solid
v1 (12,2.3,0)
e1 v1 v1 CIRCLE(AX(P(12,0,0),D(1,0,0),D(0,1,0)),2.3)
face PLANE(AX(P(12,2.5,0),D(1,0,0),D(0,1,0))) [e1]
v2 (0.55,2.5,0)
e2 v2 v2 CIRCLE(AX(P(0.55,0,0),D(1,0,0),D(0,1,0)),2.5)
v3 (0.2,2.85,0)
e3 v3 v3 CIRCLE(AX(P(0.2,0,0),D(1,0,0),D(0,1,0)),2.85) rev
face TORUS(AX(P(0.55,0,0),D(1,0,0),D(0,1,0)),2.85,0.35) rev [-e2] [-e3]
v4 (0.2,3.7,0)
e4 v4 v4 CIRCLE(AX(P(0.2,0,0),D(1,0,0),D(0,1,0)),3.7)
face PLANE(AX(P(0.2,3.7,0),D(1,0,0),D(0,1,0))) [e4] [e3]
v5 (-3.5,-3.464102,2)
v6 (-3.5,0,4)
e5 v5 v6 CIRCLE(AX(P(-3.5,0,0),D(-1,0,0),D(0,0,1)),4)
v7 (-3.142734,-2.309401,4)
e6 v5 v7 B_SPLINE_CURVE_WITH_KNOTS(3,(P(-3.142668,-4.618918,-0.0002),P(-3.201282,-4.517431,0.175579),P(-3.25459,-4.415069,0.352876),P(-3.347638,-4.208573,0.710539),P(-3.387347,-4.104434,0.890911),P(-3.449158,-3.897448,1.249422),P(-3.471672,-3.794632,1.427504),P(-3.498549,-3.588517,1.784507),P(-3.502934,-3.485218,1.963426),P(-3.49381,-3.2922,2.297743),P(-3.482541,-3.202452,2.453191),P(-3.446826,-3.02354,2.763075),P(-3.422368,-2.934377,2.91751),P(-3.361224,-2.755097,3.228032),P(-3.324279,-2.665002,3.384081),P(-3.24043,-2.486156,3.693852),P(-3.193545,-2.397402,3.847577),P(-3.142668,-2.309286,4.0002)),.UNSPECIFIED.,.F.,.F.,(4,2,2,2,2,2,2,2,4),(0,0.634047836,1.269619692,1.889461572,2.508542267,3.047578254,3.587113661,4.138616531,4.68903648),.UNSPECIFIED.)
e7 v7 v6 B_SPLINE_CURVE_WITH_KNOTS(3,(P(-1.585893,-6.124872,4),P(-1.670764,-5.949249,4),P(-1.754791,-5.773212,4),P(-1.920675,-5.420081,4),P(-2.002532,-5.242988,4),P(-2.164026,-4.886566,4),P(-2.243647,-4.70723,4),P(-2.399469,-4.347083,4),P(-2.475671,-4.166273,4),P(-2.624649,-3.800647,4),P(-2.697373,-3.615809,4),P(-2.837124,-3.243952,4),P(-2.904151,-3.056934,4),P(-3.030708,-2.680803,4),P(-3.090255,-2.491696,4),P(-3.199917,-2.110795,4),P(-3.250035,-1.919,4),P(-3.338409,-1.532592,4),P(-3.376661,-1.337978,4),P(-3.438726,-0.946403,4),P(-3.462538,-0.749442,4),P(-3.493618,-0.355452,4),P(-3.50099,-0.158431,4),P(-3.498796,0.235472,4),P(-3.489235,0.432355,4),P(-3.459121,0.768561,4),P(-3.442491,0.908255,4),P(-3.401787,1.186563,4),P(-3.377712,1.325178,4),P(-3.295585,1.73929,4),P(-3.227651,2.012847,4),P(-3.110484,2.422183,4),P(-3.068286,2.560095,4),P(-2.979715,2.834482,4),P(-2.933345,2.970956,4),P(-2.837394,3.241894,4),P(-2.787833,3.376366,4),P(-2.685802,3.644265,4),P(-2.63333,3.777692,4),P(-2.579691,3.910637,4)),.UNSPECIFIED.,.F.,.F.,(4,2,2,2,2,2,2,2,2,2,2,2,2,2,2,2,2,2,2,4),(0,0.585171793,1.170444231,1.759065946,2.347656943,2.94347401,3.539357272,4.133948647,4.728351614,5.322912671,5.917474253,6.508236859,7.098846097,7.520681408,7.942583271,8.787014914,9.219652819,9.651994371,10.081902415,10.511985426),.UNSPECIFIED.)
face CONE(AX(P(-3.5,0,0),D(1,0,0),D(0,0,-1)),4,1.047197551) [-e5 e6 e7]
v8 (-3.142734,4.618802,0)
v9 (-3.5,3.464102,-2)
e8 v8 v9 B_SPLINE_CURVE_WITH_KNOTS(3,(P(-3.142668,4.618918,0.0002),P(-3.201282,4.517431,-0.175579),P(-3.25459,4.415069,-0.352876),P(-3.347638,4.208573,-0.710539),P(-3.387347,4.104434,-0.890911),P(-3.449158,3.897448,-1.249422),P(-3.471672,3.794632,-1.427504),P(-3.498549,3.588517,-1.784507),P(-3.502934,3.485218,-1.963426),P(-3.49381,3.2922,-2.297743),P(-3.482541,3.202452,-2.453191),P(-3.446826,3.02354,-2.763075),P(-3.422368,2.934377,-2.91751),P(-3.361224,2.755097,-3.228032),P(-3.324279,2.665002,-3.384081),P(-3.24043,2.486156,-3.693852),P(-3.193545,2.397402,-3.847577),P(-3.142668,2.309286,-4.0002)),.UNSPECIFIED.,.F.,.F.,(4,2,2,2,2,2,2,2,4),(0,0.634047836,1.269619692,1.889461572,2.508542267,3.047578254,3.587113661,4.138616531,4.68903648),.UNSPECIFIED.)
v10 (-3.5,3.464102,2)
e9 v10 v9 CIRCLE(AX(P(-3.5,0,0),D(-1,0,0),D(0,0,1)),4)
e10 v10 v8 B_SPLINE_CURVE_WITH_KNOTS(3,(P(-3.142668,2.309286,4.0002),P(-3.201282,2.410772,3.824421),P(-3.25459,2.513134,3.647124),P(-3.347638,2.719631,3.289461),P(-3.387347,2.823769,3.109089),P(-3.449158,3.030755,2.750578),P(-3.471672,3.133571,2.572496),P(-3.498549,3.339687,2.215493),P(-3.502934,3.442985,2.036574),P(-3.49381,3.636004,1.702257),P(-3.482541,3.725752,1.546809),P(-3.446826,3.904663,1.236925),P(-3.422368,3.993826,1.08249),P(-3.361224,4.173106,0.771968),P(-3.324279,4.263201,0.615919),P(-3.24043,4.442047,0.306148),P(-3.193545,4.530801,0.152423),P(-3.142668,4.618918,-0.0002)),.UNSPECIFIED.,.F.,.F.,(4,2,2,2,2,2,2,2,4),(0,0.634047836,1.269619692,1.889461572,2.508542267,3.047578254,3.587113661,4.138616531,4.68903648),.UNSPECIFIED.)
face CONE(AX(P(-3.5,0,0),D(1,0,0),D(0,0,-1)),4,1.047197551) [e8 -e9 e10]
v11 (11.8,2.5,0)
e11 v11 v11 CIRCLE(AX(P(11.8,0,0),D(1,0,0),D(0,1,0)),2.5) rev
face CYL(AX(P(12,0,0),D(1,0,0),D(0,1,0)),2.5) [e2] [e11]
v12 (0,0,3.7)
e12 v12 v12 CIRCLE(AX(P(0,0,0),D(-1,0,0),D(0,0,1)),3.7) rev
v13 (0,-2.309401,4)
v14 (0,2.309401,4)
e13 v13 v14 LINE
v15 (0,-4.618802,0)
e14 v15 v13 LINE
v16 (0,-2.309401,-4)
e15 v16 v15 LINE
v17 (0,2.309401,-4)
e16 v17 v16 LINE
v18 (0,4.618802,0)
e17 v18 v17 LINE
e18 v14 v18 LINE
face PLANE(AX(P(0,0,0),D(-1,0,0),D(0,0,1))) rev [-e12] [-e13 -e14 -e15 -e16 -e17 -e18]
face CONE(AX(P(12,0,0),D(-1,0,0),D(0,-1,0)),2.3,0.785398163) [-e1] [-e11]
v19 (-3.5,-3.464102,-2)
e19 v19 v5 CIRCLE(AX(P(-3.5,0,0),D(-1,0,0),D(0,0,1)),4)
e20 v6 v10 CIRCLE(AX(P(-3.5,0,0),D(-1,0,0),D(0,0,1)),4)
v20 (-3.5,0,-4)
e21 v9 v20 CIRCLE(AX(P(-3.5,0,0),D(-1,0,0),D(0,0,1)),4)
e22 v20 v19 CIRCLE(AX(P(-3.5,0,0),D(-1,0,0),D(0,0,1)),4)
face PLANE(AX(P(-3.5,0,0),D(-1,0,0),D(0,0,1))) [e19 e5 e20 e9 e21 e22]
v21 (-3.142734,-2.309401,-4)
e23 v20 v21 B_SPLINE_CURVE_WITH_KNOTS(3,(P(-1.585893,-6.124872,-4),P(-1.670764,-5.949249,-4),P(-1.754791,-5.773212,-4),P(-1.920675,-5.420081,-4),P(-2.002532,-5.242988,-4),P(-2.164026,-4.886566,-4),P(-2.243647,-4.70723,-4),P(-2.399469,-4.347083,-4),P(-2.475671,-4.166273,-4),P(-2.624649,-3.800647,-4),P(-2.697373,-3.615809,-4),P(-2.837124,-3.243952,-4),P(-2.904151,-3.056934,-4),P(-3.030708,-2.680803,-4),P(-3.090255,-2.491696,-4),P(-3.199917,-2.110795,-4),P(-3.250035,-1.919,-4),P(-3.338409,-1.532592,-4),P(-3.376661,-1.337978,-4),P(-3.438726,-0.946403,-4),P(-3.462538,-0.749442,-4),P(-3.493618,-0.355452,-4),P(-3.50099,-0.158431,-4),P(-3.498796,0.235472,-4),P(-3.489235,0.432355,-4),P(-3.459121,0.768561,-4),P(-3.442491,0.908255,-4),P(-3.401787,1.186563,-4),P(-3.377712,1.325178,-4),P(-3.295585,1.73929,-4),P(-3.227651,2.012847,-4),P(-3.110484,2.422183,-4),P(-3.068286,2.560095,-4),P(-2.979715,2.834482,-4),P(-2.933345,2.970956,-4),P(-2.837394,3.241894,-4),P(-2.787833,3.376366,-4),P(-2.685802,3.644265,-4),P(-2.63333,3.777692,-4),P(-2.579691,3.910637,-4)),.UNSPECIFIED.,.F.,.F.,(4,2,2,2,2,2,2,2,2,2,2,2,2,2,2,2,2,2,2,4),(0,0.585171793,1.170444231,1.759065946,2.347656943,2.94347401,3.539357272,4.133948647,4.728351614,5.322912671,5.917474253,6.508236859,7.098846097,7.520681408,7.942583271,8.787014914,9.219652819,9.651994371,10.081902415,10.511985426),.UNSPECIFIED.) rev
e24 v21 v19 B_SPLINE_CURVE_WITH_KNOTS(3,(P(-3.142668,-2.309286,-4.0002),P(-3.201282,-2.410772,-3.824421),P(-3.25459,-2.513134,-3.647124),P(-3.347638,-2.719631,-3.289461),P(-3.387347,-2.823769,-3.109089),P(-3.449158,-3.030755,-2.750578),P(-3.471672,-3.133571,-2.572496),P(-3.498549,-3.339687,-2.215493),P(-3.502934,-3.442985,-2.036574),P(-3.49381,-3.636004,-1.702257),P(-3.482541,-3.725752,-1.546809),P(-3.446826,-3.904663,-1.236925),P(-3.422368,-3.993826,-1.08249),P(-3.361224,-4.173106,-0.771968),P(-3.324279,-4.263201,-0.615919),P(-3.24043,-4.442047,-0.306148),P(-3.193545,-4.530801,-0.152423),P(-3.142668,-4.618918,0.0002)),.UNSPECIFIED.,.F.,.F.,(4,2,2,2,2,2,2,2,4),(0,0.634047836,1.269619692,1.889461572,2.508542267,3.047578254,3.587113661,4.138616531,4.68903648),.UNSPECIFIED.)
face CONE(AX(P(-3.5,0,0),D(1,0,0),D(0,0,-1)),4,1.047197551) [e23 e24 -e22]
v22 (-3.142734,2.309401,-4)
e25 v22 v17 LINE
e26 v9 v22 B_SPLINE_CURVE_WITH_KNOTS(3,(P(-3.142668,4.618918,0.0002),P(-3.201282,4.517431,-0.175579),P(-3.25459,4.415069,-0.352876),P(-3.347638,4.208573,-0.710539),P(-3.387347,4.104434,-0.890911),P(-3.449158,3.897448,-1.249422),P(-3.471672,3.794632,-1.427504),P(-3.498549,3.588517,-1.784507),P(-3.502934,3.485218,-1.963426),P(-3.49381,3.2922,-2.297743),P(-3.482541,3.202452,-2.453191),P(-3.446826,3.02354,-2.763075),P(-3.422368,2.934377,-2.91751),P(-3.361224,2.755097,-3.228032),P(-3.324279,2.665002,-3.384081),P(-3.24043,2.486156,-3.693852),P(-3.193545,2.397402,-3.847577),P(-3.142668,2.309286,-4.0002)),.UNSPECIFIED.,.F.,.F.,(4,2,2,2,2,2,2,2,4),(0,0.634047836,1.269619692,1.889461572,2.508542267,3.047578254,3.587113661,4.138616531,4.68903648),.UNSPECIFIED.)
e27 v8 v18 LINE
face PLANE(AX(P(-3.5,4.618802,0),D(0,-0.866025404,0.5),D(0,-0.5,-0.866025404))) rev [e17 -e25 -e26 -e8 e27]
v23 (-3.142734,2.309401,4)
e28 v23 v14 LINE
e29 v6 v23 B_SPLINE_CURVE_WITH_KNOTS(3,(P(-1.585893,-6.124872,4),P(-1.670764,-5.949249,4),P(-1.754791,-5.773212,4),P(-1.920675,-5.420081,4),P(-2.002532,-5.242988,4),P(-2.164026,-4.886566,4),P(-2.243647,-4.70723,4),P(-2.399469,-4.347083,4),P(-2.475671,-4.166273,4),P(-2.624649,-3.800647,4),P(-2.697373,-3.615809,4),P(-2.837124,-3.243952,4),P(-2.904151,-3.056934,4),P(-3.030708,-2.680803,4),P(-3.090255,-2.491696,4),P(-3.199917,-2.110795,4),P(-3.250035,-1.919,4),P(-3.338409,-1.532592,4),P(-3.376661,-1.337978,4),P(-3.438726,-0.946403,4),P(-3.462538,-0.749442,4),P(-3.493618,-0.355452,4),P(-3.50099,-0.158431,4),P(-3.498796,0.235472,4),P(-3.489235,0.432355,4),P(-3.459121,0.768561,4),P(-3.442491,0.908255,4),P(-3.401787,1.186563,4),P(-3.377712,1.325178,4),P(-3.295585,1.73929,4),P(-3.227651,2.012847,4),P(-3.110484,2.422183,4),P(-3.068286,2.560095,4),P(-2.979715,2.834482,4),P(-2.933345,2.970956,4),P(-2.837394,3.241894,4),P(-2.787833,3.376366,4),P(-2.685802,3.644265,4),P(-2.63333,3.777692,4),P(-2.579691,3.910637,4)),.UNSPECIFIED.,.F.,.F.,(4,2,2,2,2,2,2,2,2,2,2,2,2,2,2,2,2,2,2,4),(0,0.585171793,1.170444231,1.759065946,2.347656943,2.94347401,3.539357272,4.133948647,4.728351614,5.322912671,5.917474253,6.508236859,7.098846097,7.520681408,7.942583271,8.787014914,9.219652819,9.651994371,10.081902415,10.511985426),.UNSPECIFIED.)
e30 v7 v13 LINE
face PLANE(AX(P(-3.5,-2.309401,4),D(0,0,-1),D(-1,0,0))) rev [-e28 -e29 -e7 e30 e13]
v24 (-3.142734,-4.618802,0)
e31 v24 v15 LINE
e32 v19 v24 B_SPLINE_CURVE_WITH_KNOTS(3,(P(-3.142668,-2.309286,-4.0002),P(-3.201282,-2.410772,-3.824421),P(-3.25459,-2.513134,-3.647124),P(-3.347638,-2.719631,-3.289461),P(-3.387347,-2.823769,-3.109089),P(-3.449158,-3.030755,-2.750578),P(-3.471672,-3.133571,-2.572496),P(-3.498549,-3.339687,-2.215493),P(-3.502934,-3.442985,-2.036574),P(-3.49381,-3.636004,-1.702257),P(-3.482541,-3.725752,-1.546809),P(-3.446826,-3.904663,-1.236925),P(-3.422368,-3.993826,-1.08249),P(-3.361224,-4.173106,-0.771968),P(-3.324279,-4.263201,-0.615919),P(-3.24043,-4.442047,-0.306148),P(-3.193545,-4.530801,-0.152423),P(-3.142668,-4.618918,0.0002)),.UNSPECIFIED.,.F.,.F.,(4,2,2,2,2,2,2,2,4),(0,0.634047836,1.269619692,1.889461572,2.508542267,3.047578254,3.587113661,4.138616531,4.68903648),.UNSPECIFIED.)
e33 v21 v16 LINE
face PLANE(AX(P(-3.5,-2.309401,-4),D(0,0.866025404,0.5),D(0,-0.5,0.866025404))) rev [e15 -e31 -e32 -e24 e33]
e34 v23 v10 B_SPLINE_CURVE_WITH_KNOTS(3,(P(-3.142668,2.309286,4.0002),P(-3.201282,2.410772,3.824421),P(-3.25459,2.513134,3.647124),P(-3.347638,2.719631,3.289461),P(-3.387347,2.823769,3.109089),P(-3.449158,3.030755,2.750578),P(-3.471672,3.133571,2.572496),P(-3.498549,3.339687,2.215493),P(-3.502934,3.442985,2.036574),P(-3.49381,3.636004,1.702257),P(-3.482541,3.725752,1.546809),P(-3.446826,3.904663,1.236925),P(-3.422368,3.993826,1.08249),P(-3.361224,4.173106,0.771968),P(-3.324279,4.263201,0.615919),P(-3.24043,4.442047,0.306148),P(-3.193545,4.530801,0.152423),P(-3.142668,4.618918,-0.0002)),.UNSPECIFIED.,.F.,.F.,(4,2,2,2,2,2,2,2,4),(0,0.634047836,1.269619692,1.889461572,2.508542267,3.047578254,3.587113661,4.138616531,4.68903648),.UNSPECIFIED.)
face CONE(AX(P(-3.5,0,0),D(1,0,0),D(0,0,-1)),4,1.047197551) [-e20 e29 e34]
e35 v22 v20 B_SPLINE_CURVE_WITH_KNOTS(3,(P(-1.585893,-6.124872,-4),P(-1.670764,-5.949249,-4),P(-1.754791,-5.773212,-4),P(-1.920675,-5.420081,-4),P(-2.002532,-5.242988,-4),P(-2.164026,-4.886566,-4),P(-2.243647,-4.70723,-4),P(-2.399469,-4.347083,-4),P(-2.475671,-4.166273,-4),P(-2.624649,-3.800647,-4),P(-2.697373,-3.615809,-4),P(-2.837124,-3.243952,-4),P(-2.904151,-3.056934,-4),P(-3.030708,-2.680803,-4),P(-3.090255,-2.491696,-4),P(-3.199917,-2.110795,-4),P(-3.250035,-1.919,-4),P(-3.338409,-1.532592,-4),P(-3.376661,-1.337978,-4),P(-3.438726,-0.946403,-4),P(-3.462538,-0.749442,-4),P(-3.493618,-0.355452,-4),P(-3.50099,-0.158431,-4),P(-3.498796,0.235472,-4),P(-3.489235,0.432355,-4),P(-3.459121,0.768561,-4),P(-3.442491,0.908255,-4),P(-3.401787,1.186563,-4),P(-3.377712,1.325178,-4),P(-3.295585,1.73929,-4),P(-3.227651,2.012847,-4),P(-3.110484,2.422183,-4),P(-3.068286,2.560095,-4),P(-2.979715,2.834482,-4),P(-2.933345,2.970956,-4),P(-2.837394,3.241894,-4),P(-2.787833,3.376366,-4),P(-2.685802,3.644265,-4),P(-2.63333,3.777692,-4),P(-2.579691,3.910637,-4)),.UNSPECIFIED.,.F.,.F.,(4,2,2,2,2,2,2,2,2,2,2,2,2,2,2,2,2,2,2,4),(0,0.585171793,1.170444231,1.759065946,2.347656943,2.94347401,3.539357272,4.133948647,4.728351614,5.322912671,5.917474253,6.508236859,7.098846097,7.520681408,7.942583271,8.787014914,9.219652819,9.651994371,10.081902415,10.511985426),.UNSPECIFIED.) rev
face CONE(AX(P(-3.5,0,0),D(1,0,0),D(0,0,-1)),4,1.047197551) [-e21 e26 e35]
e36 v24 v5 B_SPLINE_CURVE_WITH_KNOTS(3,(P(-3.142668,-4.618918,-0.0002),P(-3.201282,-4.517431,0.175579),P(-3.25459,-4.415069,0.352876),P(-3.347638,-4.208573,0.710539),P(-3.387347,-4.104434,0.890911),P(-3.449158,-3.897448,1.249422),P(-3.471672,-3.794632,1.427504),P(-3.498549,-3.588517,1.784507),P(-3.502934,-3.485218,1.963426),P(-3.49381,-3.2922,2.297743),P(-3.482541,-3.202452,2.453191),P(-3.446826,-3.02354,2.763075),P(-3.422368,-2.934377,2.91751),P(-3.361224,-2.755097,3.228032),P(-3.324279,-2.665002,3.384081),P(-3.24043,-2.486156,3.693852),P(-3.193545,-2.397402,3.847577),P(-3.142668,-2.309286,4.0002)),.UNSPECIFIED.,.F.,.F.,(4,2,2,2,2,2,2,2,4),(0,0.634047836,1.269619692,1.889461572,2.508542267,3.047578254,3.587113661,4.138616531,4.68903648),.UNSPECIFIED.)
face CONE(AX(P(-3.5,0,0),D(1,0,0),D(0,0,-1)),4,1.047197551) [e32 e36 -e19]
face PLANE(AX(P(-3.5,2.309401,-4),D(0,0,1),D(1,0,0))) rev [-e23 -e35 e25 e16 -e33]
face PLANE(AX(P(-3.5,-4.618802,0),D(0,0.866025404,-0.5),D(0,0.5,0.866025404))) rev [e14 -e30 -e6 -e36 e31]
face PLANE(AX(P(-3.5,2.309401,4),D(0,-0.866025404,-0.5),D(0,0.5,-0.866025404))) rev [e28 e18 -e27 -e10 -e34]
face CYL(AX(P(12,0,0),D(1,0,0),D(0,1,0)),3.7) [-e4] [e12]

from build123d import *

# Parameters (mm, degrees)
ESTRUSIONE_ESTRUSIONE1_DEPTH = 3.5
SMUSSO1_SIZE                 = 0.2
RACCORDO1_R                  = 0.35


with BuildPart() as part:
    # Schizzo1 → Rivoluzione1 (revolve)
    with BuildSketch(Plane.XY):
        Polygon((0.2, 2.5), (12, 2.5), (12, 0), (0, 0), (0, 3.7), (0.2, 3.7), align=None)
    revolve(axis=Axis((12, 0, 0), (-1, 0, 0)))

    # Schizzo2 → Estrusione-Estrusione1 (add)
    with BuildSketch(Plane.ZY):
        Polygon((0, -4.618802154), (4, -2.309401077), (4, 2.309401077), (0, 4.618802154), (-4, 2.309401077), (-4, -2.309401077), align=None)
    extrude(amount=ESTRUSIONE_ESTRUSIONE1_DEPTH)

    # Schizzo3 → Taglia-Rivoluzione3 (revolve, cut)
    with BuildSketch(Plane.XY):
        Polygon((-3.5, 4), (-3.14273441, 4.618802154), (-3.5, 4.618802154), align=None)
    revolve(axis=Axis((0.2, 0, 0), (1, 0, 0)), mode=Mode.SUBTRACT)

    # Smusso1
    smusso1_edges = [part.edges().sort_by_distance(p)[0] for p in [
        (12, -2.5, 0),
    ]]
    chamfer(smusso1_edges, length=SMUSSO1_SIZE)

    # Raccordo1
    raccordo1_edges = [part.edges().sort_by_distance(p)[0] for p in [
        (0.2, -2.5, 0),
    ]]
    fillet(raccordo1_edges, radius=RACCORDO1_R)


solid = part.part
